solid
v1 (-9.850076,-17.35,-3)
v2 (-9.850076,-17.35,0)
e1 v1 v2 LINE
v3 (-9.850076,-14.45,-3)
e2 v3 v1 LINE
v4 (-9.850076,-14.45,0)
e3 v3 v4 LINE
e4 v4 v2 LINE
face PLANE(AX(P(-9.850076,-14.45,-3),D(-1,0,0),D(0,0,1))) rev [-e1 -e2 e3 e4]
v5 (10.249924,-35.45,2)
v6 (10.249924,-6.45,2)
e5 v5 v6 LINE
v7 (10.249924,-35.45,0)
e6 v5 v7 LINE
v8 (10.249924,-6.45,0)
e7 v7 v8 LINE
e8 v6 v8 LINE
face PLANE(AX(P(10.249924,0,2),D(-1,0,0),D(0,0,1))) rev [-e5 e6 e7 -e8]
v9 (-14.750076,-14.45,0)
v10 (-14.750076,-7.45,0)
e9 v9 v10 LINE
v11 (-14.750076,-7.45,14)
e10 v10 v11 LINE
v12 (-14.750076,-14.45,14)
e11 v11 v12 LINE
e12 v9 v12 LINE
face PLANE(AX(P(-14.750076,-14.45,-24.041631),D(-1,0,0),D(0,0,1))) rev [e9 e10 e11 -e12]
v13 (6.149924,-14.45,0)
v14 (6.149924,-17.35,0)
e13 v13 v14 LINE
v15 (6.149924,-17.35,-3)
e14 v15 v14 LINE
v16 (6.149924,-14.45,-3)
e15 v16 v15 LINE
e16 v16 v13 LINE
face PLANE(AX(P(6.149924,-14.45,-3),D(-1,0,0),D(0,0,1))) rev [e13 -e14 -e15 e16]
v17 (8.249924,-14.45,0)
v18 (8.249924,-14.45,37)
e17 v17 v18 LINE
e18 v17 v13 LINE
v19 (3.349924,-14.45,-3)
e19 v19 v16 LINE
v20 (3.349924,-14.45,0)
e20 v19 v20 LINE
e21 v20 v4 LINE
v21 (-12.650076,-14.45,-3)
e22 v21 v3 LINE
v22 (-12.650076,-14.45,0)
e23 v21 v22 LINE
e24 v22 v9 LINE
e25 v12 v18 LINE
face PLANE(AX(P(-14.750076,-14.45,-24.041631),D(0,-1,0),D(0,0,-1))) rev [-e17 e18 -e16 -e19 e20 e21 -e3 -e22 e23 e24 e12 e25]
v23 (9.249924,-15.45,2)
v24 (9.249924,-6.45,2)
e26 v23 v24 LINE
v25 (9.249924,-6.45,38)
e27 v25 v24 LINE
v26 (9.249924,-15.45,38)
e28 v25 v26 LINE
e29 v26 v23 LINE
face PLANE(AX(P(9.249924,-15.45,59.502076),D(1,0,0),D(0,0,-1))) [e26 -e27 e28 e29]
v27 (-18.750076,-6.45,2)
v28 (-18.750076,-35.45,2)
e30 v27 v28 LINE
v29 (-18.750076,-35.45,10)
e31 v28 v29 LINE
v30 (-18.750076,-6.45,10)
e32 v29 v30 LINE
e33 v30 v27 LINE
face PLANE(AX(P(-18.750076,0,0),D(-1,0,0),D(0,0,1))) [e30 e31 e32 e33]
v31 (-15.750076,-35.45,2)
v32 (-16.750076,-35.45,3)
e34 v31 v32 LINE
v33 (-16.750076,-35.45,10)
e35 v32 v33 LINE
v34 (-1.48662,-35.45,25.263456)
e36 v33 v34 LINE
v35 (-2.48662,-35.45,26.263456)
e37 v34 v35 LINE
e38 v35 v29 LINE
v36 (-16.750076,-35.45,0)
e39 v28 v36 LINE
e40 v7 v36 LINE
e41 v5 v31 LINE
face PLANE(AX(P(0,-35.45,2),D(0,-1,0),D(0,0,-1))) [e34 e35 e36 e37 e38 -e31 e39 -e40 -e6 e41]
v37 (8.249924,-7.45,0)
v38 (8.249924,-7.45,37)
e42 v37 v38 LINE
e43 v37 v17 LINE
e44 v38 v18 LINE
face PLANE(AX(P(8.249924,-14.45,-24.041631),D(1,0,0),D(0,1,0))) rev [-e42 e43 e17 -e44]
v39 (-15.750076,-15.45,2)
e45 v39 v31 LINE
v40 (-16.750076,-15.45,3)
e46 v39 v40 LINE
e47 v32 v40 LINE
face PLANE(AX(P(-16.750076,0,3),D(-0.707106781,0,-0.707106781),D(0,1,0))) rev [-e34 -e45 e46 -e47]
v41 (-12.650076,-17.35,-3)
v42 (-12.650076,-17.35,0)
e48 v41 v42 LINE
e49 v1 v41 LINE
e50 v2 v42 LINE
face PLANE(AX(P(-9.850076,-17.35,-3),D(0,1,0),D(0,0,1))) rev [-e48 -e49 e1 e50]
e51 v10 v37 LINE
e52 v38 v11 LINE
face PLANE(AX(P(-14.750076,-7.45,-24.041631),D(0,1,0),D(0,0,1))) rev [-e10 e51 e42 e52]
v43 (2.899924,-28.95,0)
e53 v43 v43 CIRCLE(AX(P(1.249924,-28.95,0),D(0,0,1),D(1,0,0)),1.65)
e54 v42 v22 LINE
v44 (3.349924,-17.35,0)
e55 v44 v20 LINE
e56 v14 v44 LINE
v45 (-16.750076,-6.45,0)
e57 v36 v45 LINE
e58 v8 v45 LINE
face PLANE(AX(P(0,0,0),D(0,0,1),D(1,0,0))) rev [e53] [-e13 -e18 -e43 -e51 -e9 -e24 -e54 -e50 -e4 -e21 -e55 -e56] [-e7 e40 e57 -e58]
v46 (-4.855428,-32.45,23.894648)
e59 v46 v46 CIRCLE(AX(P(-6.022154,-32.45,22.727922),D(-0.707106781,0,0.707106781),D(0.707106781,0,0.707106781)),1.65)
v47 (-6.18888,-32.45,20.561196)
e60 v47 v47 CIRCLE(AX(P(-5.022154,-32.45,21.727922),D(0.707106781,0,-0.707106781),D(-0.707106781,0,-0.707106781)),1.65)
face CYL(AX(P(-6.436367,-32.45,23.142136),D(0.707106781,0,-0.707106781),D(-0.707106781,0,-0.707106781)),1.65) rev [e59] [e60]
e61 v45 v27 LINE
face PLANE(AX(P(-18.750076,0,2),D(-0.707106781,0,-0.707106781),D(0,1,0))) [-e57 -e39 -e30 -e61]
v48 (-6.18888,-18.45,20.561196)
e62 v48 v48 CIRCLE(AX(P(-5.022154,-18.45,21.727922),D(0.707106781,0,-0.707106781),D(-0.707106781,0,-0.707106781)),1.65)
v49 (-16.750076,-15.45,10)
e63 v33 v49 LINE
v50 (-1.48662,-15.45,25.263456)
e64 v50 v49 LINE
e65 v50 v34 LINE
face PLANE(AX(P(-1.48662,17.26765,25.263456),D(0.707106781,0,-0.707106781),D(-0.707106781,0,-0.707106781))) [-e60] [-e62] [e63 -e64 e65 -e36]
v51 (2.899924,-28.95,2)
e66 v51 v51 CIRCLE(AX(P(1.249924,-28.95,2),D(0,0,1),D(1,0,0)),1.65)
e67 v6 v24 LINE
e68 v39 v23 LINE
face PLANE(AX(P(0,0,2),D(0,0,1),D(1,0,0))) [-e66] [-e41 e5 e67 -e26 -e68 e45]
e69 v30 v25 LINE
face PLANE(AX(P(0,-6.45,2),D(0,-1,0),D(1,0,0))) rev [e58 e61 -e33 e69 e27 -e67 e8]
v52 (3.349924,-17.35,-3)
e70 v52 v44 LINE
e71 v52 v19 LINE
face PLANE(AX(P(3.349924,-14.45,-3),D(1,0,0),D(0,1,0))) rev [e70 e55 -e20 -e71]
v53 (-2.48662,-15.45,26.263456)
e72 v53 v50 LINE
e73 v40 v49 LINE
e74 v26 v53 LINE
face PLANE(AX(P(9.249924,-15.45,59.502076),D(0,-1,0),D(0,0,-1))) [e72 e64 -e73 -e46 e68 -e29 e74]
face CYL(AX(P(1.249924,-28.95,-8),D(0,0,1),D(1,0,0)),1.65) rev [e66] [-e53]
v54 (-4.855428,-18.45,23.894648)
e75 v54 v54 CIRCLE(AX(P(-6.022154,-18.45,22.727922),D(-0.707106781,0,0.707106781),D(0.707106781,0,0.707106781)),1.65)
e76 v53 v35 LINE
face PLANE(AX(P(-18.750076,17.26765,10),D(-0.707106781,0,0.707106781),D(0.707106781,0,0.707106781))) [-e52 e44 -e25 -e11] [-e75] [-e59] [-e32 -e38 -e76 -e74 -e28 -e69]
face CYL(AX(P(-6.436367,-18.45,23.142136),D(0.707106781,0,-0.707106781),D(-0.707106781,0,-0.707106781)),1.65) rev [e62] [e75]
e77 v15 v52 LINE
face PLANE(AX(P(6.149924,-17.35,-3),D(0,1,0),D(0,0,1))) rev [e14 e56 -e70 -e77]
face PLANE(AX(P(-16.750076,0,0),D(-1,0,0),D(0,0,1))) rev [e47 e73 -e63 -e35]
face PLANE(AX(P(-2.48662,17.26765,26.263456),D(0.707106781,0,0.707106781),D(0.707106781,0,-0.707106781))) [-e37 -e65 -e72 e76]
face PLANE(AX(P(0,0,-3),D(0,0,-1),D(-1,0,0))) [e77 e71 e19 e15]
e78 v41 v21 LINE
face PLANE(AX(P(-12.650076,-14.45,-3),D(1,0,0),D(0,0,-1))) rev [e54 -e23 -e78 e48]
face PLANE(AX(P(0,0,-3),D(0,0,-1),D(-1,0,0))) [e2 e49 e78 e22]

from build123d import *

# Parameters (mm, degrees)
SKETCH1_W                      = 27
SKETCH1_H                      = 29
BOSS_EXTRUDE1_DEPTH            = 2
SKETCH4_W                      = 10
SKETCH4_H                      = 29
BOSS_EXTRUDE3_DEPTH            = 2
BOSS_EXTRUDE4_DEPTH            = 29
SKETCH6_R                      = 1.65
CUT_EXTRUDE1_DEPTH             = 2
CHAMFER1_SIZE                  = 1
SKETCH7_W                      = 23
SKETCH7_H                      = 7
CUT_EXTRUDE3_DEPTH             = 2
CUT_EXTRUDE3_DIRECTION_2_REACH = 48.872
BOSS_EXTRUDE6_REACH            = 49.938
SKETCH9_W                      = 28
SKETCH9_H                      = 9
SKETCH9_W_2                    = 23
SKETCH9_H_2                    = 7
CHAMFER3_SIZE                  = 2
SKETCH10_R                     = 1.65
CUT_EXTRUDE4_DEPTH             = 10
SKETCH11_W                     = 2.8
SKETCH11_H                     = 2.9
BOSS_EXTRUDE7_DEPTH            = 3


with BuildPart() as part:
    # Sketch1 → Boss-Extrude1 (new body)
    with BuildSketch(Plane.XY):
        with Locations((-3.250075758, -20.95)):
            Rectangle(SKETCH1_W, SKETCH1_H)
    extrude(amount=BOSS_EXTRUDE1_DEPTH)

    # Sketch4 → Boss-Extrude3 (add)
    with BuildSketch(Plane.ZY.offset(16.750075758)):
        with Locations((5, -20.95)):
            Rectangle(SKETCH4_W, SKETCH4_H)
    extrude(amount=BOSS_EXTRUDE3_DEPTH)

    # Sketch5 → Boss-Extrude4 (add)
    with BuildSketch(Plane.XZ.offset(35.45)):
        Polygon((-18.750075758, 10), (-2.48661979, 26.263455967), (-1.48661979, 25.263455967), (-16.750075758, 10), align=None)
    extrude(amount=-BOSS_EXTRUDE4_DEPTH)

    # Sketch6 → Cut-Extrude1 (cut)
    with BuildSketch(Plane(origin=(-13.375037879, 0, 13.375037879), x_dir=(-0.7071067811865435, 0, -0.7071067811865517), z_dir=(0.7071067811865517, 0, -0.7071067811865435))):
        with Locations((-11.812762096, -32.45)):
            Circle(SKETCH6_R)
        with Locations((-11.812762096, -18.45)):
            Circle(SKETCH6_R)
    extrude(amount=-CUT_EXTRUDE1_DEPTH, mode=Mode.SUBTRACT)

    # Chamfer1
    chamfer1_edges = [part.edges().sort_by_distance(p)[0] for p in [
        (-16.750075758, -20.95, 2),
    ]]
    chamfer(chamfer1_edges, length=CHAMFER1_SIZE)

    # Sketch7 → Cut-Extrude3 (cut)
    with BuildSketch(Plane.XY.offset(2)):
        with Locations((-3.250075758, -10.95)):
            Rectangle(SKETCH7_W, SKETCH7_H)
    extrude(amount=-CUT_EXTRUDE3_DEPTH, mode=Mode.SUBTRACT)

    # Cut-Extrude3 direction 2: up to this plane
    cut_extrude3_direction_2_end = Plane(origin=(-18.750075758, 17.267649798, 10), z_dir=(-0.7071067811865512, 0, 0.7071067811865439))
    # Sketch7 → Cut-Extrude3 direction 2 (cut, up to the surface)
    with BuildSketch(Plane.XY.offset(2), mode=Mode.PRIVATE) as cut_extrude3_direction_2_sk1:
        with Locations((-3.250075758, -10.95)):
            Rectangle(SKETCH7_W, SKETCH7_H)
    cut_extrude3_direction_2_tool1 = split(extrude(cut_extrude3_direction_2_sk1.sketch, amount=CUT_EXTRUDE3_DIRECTION_2_REACH, mode=Mode.PRIVATE), bisect_by=cut_extrude3_direction_2_end, keep=Keep.BOTH, mode=Mode.PRIVATE)
    add(cut_extrude3_direction_2_tool1.solids().sort_by_distance((-3.250076, -10.95, 2))[0], mode=Mode.SUBTRACT)

    # Boss-Extrude6: up to this plane
    boss_extrude6_end = Plane(origin=(-18.750075758, 17.267649798, 10), z_dir=(-0.7071067811865512, 0, 0.7071067811865439))
    # Sketch9 → Boss-Extrude6 (add, up to the surface)
    with BuildSketch(Plane(origin=(0, 0, 0), x_dir=(-1, 0, 0), z_dir=(0, 0, -1)), mode=Mode.PRIVATE) as boss_extrude6_sk1:
        with Locations((4.750075758, -10.95)):
            Rectangle(SKETCH9_W, SKETCH9_H)
        with Locations((3.250075758, -10.95)):
            Rectangle(SKETCH9_W_2, SKETCH9_H_2, mode=Mode.SUBTRACT)
    boss_extrude6_tool1 = split(extrude(boss_extrude6_sk1.sketch, amount=-BOSS_EXTRUDE6_REACH, mode=Mode.PRIVATE), bisect_by=boss_extrude6_end, keep=Keep.BOTH, mode=Mode.PRIVATE)
    add(boss_extrude6_tool1.solids().sort_by_distance((-4.750076, -15.155891, 0))[0])

    # Chamfer3
    chamfer3_edges = [part.edges().sort_by_distance(p)[0] for p in [
        (-18.750075758, -20.95, 0),
    ]]
    chamfer(chamfer3_edges, length=CHAMFER3_SIZE)

    # Sketch10 → Cut-Extrude4 (cut)
    with BuildSketch(Plane.XY.offset(2)):
        with Locations((1.249924242, -28.95)):
            Circle(SKETCH10_R)
    extrude(amount=-CUT_EXTRUDE4_DEPTH, mode=Mode.SUBTRACT)

    # Sketch11 → Boss-Extrude7 (add)
    with BuildSketch(Plane(origin=(0, 0, 0), x_dir=(-1, 0, 0), z_dir=(0, 0, -1))):
        with Locations((-4.749924242, -15.9)):
            Rectangle(SKETCH11_W, SKETCH11_H)
        with Locations((11.250075758, -15.9)):
            Rectangle(SKETCH11_W, SKETCH11_H)
    extrude(amount=BOSS_EXTRUDE7_DEPTH)


solid = part.part
